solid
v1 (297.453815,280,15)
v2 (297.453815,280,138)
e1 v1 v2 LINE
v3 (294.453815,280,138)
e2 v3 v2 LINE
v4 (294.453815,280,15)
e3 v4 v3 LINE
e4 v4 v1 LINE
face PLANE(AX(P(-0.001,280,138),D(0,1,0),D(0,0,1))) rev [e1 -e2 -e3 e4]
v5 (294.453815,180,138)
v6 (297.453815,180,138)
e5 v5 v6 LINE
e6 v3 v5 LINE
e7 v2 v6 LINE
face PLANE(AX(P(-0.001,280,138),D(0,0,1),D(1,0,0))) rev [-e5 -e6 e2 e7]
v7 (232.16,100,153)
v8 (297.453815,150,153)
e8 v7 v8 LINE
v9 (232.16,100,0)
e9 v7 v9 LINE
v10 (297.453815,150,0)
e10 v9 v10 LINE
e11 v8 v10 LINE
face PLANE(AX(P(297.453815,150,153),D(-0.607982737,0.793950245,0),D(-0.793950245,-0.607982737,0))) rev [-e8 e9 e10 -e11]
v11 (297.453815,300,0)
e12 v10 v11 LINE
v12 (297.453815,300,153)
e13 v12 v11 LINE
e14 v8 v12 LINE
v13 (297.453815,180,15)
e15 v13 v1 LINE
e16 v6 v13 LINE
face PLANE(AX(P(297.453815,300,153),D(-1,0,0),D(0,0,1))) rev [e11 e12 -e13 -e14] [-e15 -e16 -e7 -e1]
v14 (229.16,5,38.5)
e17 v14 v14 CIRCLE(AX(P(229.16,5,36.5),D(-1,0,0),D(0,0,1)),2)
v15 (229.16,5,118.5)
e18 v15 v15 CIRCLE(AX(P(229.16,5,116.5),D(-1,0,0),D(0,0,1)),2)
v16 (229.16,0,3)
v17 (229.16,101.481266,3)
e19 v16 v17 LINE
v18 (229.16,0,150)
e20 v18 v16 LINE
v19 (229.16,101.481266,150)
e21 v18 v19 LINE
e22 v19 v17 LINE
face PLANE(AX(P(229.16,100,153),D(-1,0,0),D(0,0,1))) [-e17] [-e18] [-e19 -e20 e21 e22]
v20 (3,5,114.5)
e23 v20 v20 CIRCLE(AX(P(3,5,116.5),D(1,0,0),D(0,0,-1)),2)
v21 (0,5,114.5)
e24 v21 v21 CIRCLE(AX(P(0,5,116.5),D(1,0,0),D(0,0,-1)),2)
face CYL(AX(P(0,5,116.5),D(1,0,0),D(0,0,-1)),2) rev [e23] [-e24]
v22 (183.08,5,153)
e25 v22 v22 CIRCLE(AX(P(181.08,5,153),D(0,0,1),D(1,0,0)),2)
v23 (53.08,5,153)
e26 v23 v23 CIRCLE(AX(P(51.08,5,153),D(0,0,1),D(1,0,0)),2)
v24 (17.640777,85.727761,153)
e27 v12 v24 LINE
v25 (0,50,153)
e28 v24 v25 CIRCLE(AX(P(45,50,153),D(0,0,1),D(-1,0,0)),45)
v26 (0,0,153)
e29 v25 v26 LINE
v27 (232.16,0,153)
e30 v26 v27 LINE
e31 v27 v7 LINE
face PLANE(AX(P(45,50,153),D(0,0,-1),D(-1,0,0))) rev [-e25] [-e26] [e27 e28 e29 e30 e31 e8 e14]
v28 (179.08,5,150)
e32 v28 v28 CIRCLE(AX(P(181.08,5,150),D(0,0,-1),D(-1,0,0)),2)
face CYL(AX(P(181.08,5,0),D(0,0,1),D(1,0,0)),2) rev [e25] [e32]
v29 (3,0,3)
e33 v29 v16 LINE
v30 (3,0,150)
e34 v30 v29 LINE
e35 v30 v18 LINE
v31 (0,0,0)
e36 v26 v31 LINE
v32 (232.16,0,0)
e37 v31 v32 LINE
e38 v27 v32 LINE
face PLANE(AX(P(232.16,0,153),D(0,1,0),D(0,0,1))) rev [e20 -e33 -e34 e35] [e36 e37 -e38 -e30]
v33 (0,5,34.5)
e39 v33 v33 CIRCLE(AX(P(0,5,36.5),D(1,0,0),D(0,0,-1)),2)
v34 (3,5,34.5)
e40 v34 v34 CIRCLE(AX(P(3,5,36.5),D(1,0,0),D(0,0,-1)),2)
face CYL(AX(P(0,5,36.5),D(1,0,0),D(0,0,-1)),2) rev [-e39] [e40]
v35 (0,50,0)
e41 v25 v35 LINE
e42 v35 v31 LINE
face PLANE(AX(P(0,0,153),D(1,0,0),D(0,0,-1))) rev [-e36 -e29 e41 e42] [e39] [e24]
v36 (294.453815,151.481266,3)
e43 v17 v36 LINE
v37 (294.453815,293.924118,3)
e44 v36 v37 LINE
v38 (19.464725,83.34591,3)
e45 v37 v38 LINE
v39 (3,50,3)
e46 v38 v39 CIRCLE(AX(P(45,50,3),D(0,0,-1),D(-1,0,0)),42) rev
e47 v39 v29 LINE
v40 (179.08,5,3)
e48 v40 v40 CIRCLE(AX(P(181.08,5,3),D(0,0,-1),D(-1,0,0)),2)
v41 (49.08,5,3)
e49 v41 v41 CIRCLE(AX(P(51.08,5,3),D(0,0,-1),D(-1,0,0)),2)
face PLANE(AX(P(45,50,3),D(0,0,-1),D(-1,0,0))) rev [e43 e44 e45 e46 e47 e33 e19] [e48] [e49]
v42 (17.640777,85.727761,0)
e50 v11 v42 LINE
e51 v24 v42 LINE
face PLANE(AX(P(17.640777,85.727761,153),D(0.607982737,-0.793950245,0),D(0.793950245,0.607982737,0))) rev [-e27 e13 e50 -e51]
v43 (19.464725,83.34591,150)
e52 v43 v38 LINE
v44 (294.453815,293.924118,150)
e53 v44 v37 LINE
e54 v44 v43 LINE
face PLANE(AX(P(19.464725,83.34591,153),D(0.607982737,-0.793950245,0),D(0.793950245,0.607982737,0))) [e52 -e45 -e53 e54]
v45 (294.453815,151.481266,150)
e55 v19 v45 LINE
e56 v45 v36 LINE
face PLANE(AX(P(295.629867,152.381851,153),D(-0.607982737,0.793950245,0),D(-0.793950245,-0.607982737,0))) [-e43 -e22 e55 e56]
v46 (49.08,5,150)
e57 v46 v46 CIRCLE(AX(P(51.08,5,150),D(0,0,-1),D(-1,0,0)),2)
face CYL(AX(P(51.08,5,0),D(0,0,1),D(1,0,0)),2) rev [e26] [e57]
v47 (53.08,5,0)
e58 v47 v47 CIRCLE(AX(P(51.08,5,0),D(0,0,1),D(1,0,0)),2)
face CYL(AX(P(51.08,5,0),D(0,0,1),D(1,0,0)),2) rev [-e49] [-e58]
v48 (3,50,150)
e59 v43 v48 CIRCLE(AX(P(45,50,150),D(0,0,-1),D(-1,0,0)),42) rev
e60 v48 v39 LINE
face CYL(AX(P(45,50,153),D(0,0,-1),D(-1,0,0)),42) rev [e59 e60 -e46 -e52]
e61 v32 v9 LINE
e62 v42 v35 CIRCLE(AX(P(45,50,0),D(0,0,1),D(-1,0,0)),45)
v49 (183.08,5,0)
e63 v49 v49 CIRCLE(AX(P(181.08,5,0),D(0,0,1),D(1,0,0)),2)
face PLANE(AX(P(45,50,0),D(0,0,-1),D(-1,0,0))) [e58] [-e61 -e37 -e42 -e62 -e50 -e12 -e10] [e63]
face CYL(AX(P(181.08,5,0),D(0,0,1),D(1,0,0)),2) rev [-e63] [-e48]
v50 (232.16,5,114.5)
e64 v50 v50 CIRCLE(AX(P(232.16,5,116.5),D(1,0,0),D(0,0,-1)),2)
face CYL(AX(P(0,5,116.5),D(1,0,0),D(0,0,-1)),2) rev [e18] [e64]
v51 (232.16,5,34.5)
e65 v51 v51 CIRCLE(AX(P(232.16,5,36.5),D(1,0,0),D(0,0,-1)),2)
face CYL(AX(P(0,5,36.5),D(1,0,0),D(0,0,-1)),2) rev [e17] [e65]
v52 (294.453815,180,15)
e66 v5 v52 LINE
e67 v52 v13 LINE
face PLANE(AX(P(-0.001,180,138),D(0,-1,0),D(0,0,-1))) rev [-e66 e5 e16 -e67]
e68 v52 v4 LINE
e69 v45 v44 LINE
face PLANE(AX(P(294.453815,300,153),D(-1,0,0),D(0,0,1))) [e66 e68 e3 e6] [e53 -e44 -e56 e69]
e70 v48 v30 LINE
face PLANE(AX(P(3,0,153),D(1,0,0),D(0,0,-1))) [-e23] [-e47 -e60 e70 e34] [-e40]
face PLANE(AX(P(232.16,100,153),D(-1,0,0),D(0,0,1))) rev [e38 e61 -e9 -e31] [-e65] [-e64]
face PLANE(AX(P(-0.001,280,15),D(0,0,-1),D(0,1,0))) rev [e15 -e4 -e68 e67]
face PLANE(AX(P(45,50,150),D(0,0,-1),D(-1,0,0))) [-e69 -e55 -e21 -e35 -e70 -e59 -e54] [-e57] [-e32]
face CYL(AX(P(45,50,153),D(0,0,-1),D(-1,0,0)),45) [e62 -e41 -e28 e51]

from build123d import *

# Parameters (mm, degrees)
RESSALTO_EXTRUS_O1_DEPTH = 153
CASCA1_T                 = -3
CORTE_EXTRUS_O1_REACH    = 299.454
ESBO_O4_W                = 123
ESBO_O4_H                = 100
ESBO_O5_R                = 2
CORTE_EXTRUS_O2_DEPTH    = 154
ESBO_O6_R                = 2
CORTE_EXTRUS_O3_DEPTH    = 233.16


with BuildPart() as part:
    # Esboço1 → Ressalto-extrusão1 (new body)
    with BuildSketch(Plane.XY):
        with BuildLine():
            Line((0, 0), (0, 50))
            ThreePointArc((0, 50), (4.650495405, 69.922787932), (17.640776843, 85.72776103))
            Line((17.640776843, 85.72776103), (297.45381486, 300))
            Line((297.45381486, 300), (297.45381486, 150))
            Line((297.45381486, 150), (232.16, 100))
            Line((232.16, 100), (232.16, 0))
            Line((232.16, 0), (0, 0))
        make_face()
    extrude(amount=RESSALTO_EXTRUS_O1_DEPTH)

    # Casca1
    casca1_openings = [part.faces().sort_by_distance(p)[0] for p in [
        (116.08, 0, 76.5),
    ]]
    offset(amount=CASCA1_T, openings=casca1_openings, kind=Kind.INTERSECTION)

    # Esboço4 → Corte-extrusão1 (cut, up to next)
    with BuildSketch(Plane(origin=(297.45381486, 0, 0), x_dir=(0, 0, -1), z_dir=(1, 0, 0)), mode=Mode.PRIVATE) as corte_extrus_o1_sk1:
        with Locations((-76.5, 230)):
            Rectangle(ESBO_O4_W, ESBO_O4_H)
    corte_extrus_o1_tool1 = extrude(corte_extrus_o1_sk1.sketch, amount=-CORTE_EXTRUS_O1_REACH, mode=Mode.PRIVATE) & part.part
    add(corte_extrus_o1_tool1.solids().sort_by_distance((297.453815, 230, 76.5))[0], mode=Mode.SUBTRACT)

    # Esboço5 → Corte-extrusão2 (cut, through all)
    with BuildSketch(Plane.XY.offset(153)):
        with Locations((181.08, 5)):
            Circle(ESBO_O5_R)
        with Locations((51.08, 5)):
            Circle(ESBO_O5_R)
    extrude(amount=-CORTE_EXTRUS_O2_DEPTH, mode=Mode.SUBTRACT)

    # Esboço6 → Corte-extrusão3 (cut, through all)
    with BuildSketch(Plane(origin=(232.16, 0, 0), x_dir=(0, 0, -1), z_dir=(1, 0, 0))):
        with Locations((-36.5, 5)):
            Circle(ESBO_O6_R)
        with Locations((-116.5, 5)):
            Circle(ESBO_O6_R)
    extrude(amount=-CORTE_EXTRUS_O3_DEPTH, mode=Mode.SUBTRACT)


solid = part.part
